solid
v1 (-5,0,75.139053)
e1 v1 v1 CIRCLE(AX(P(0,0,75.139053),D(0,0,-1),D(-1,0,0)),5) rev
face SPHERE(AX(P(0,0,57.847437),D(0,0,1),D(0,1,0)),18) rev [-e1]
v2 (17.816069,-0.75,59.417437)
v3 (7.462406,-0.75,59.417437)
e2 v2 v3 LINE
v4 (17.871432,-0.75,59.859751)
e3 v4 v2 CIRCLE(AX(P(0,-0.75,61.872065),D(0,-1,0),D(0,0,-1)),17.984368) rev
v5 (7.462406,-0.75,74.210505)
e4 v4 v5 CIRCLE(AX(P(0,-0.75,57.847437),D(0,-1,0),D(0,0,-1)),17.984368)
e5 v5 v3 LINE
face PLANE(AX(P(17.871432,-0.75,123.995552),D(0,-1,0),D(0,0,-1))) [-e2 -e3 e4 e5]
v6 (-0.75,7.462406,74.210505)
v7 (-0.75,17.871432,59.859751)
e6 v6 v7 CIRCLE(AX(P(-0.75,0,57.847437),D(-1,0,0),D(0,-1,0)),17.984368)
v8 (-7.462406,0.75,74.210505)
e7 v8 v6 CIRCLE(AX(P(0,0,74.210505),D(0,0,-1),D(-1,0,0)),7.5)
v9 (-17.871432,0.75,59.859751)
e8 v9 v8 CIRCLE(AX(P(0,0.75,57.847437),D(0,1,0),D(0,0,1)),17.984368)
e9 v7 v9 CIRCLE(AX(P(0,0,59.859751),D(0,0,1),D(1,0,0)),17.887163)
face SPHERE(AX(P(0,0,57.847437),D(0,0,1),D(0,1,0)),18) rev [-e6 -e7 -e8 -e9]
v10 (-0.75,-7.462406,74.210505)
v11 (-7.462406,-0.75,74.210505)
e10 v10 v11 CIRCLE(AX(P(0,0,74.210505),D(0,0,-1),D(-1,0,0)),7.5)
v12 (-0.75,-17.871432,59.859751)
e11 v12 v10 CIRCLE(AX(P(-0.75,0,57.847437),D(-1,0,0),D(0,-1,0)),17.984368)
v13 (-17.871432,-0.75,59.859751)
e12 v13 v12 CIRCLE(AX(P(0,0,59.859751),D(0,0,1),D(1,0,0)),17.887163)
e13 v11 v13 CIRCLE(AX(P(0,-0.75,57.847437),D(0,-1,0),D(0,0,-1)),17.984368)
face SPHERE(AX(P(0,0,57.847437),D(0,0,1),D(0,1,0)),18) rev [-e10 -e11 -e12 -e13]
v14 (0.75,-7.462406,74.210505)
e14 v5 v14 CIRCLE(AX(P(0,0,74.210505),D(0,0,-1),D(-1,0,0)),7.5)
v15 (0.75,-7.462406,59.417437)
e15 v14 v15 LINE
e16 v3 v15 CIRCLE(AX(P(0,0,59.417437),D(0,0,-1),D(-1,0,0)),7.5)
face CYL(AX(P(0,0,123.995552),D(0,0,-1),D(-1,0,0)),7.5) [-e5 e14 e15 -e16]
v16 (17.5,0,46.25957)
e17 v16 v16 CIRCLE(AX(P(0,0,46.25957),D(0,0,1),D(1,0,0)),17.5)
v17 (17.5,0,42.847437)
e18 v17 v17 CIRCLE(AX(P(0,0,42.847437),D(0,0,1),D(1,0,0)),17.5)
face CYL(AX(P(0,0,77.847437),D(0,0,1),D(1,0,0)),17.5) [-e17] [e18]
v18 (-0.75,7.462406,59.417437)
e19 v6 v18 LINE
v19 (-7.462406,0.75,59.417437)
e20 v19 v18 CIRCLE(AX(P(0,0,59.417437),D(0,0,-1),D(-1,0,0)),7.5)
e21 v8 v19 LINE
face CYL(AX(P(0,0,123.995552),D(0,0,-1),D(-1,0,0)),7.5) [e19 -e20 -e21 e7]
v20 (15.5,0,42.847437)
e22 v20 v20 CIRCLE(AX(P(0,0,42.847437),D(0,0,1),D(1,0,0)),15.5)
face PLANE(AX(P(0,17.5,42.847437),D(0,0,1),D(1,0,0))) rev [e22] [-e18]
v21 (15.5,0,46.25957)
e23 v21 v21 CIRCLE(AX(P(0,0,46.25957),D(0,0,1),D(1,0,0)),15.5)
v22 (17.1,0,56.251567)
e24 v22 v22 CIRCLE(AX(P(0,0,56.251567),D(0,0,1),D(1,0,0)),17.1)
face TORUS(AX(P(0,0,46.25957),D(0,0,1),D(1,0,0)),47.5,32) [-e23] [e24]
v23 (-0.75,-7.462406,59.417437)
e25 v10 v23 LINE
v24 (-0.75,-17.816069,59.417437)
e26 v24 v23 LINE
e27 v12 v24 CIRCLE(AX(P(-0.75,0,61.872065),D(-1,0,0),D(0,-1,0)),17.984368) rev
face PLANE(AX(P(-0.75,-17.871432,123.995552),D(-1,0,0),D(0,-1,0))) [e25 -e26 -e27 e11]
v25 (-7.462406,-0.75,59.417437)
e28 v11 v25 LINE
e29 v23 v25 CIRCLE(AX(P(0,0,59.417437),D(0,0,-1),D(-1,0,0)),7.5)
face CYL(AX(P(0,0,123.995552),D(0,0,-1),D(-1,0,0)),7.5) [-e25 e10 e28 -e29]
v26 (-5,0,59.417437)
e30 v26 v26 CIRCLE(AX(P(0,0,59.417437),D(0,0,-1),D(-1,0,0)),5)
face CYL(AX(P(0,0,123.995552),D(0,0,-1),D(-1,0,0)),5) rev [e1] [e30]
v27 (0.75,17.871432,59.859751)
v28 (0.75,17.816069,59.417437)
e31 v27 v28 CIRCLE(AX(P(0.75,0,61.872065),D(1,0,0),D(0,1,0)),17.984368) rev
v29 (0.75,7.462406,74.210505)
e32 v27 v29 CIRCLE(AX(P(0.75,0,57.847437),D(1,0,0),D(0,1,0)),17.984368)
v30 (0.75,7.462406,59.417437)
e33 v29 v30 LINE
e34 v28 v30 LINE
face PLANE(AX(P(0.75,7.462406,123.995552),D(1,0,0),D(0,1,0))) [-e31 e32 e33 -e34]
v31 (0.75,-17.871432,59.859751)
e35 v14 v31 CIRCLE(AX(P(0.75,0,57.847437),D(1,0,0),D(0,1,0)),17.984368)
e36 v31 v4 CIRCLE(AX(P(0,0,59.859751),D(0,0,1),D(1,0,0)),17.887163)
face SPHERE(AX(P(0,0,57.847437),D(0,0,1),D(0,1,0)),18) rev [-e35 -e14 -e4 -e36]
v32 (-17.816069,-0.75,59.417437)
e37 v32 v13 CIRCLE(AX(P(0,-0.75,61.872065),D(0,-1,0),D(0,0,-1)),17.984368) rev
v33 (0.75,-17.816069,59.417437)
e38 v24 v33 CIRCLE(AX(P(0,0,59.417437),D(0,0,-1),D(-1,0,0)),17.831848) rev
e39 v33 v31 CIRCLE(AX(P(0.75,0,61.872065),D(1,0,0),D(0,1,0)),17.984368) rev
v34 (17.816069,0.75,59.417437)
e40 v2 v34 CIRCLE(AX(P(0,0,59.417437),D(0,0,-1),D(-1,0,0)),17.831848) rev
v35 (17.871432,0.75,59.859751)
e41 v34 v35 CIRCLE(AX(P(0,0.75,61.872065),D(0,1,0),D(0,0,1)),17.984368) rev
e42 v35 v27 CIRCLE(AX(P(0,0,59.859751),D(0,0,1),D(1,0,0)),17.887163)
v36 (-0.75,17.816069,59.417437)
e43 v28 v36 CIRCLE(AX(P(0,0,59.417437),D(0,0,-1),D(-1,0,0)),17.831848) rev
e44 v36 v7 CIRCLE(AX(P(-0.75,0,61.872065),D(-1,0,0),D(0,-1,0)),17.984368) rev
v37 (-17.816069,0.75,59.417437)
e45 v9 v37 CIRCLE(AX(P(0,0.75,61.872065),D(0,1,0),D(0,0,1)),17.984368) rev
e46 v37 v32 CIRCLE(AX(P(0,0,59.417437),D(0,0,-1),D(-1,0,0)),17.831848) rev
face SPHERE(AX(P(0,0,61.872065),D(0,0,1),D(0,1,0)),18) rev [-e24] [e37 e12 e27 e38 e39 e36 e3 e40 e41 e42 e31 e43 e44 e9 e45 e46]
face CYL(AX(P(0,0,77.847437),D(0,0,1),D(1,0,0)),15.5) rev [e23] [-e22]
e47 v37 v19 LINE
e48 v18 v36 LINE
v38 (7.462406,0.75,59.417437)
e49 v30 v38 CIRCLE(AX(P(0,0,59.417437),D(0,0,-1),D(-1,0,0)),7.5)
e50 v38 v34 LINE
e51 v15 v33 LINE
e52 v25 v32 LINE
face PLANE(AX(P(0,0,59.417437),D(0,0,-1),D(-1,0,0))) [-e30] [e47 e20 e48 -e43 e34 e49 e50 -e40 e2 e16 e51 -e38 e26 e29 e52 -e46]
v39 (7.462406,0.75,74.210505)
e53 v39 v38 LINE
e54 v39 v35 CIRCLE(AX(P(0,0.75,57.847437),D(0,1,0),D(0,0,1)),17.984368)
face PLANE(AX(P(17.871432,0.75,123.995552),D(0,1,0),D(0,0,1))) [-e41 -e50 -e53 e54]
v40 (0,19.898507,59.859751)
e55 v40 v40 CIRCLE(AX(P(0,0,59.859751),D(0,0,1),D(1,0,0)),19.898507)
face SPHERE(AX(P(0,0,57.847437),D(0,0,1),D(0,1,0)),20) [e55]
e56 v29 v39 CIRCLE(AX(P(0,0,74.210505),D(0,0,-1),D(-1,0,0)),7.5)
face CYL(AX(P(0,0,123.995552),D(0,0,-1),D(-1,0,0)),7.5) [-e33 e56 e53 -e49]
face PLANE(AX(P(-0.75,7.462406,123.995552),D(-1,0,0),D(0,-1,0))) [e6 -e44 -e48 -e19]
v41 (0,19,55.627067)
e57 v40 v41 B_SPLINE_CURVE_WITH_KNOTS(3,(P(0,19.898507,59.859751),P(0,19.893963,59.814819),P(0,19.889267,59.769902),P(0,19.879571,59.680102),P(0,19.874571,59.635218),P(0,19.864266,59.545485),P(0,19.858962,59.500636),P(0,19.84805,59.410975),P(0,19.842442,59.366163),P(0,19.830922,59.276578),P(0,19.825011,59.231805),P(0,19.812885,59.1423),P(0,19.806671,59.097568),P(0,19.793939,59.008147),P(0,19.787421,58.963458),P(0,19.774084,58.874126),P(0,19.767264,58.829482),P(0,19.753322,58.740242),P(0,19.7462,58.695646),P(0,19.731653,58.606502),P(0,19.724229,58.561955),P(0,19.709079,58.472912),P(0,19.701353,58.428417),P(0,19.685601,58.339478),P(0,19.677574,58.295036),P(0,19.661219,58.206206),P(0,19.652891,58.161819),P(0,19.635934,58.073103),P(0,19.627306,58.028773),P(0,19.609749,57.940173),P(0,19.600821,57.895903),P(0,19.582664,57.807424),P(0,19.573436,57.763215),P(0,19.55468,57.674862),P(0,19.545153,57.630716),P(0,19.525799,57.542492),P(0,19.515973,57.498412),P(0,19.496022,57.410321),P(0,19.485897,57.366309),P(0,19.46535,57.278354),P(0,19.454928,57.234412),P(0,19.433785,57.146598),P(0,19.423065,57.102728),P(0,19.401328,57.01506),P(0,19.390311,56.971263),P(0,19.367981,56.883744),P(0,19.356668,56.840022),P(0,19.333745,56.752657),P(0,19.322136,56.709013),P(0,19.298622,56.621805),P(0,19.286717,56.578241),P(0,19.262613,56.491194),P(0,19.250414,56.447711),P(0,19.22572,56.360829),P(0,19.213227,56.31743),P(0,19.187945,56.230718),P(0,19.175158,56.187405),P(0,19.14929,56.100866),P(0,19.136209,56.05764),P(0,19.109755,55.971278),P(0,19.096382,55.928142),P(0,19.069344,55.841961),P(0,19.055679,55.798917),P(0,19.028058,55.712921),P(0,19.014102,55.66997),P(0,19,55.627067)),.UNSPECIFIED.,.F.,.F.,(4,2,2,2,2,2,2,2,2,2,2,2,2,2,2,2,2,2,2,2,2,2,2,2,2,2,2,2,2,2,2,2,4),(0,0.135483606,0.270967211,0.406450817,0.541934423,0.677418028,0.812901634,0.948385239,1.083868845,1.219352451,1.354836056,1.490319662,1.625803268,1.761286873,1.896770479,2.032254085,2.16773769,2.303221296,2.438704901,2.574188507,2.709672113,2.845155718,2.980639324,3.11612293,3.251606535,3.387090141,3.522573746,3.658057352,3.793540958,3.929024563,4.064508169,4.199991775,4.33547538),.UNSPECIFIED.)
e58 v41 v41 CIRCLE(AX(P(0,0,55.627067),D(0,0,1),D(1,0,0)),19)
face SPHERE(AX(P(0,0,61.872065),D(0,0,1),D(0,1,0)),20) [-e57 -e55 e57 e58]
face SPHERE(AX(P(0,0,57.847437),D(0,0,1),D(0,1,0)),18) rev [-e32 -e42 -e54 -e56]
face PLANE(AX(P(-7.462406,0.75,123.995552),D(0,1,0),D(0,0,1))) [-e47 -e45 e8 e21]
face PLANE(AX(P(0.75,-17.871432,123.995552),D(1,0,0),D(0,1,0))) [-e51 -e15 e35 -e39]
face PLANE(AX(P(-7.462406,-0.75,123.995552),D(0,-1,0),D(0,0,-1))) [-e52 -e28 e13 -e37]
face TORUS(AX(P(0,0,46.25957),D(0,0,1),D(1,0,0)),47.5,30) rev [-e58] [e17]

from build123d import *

# Parameters (mm, degrees)
ESTRUSIONE_ESTRUSIONE1_REACH      = 63.48
ESTRUSIONE_ESTRUSIONE1_END_RADIUS = 18
ESTRUSIONE_ESTRUSIONE1_START      = -16.57
SCHIZZO3_R                        = 5


with BuildPart() as part:
    # Schizzo1 → Rivoluzione1 (revolve)
    with BuildSketch(Plane(origin=(0, 0, 0), x_dir=(0, 0, -1), z_dir=(1, 0, 0))):
        with BuildLine():
            Line((-46.259570065, 17.5), (-42.84743692, 17.5))
            Line((-42.84743692, 17.5), (-42.84743692, 15.5))
            Line((-42.84743692, 15.5), (-46.259570065, 15.5))
            ThreePointArc((-46.259570065, 15.5), (-51.319214322, 15.902531747), (-56.251566863, 17.1))
            ThreePointArc((-56.251566863, 17.1), (-58.035417815, 17.58636227), (-59.85975099, 17.887162773))
            ThreePointArc((-59.85975099, 17.887162773), (-71.267974414, 11.995381335), (-75.84743692, 0))
            Line((-75.84743692, 0), (-77.84743692, 0))
            ThreePointArc((-77.84743692, 0), (-72.683984385, 13.411817897), (-59.85975099, 19.898507283))
            ThreePointArc((-59.85975099, 19.898507283), (-57.719038516, 19.56405813), (-55.627067063, 19))
            ThreePointArc((-55.627067063, 19), (-51.002986556, 17.877373513), (-46.259570065, 17.5))
        make_face()
    revolve(axis=Axis((0, 0, 77.84743692), (0, 0, -1)))

    # Estrusione-Estrusione1: up to this sphere (the profile starts inside it)
    estrusione_estrusione1_end = Location((0, 0, 57.84743692)) * Sphere(ESTRUSIONE_ESTRUSIONE1_END_RADIUS, mode=Mode.PRIVATE)
    # Schizzo3 → Estrusione-Estrusione1 (add, up to the surface)
    with BuildSketch(Plane(origin=(0, 0, 42.84743692), x_dir=(-1, 0, 0), z_dir=(0, 0, -1)).offset(ESTRUSIONE_ESTRUSIONE1_START), mode=Mode.PRIVATE) as estrusione_estrusione1_sk1:
        with BuildLine():
            Line((-17.87143229, -0.75), (-7.462405778, -0.75))
            ThreePointArc((-7.462405778, -0.75), (-5.303300859, -5.303300859), (-0.75, -7.462405778))
            Line((-0.75, -7.462405778), (-0.75, -17.87143229))
            ThreePointArc((-0.75, -17.87143229), (0, -17.887162773), (0.75, -17.87143229))
            Line((0.75, -17.87143229), (0.75, -7.462405778))
            ThreePointArc((0.75, -7.462405778), (5.303300859, -5.303300859), (7.462405778, -0.75))
            Line((7.462405778, -0.75), (17.87143229, -0.75))
            ThreePointArc((17.87143229, -0.75), (17.887162773, 0), (17.87143229, 0.75))
            Line((17.87143229, 0.75), (7.462405778, 0.75))
            ThreePointArc((7.462405778, 0.75), (5.303300859, 5.303300859), (0.75, 7.462405778))
            Line((0.75, 7.462405778), (0.75, 17.87143229))
            ThreePointArc((0.75, 17.87143229), (0, 17.887162773), (-0.75, 17.87143229))
            Line((-0.75, 17.87143229), (-0.75, 7.462405778))
            ThreePointArc((-0.75, 7.462405778), (-5.303300859, 5.303300859), (-7.462405778, 0.75))
            Line((-7.462405778, 0.75), (-17.87143229, 0.75))
            ThreePointArc((-17.87143229, 0.75), (-17.887162773, 0), (-17.87143229, -0.75))
        make_face()
        Circle(SCHIZZO3_R, mode=Mode.SUBTRACT)
    estrusione_estrusione1_tool1 = extrude(estrusione_estrusione1_sk1.sketch, amount=-ESTRUSIONE_ESTRUSIONE1_REACH, mode=Mode.PRIVATE) & estrusione_estrusione1_end
    add(estrusione_estrusione1_tool1.solids().sort_by_distance((12.666919, -0.244075, 59.417437))[0])


solid = part.part
